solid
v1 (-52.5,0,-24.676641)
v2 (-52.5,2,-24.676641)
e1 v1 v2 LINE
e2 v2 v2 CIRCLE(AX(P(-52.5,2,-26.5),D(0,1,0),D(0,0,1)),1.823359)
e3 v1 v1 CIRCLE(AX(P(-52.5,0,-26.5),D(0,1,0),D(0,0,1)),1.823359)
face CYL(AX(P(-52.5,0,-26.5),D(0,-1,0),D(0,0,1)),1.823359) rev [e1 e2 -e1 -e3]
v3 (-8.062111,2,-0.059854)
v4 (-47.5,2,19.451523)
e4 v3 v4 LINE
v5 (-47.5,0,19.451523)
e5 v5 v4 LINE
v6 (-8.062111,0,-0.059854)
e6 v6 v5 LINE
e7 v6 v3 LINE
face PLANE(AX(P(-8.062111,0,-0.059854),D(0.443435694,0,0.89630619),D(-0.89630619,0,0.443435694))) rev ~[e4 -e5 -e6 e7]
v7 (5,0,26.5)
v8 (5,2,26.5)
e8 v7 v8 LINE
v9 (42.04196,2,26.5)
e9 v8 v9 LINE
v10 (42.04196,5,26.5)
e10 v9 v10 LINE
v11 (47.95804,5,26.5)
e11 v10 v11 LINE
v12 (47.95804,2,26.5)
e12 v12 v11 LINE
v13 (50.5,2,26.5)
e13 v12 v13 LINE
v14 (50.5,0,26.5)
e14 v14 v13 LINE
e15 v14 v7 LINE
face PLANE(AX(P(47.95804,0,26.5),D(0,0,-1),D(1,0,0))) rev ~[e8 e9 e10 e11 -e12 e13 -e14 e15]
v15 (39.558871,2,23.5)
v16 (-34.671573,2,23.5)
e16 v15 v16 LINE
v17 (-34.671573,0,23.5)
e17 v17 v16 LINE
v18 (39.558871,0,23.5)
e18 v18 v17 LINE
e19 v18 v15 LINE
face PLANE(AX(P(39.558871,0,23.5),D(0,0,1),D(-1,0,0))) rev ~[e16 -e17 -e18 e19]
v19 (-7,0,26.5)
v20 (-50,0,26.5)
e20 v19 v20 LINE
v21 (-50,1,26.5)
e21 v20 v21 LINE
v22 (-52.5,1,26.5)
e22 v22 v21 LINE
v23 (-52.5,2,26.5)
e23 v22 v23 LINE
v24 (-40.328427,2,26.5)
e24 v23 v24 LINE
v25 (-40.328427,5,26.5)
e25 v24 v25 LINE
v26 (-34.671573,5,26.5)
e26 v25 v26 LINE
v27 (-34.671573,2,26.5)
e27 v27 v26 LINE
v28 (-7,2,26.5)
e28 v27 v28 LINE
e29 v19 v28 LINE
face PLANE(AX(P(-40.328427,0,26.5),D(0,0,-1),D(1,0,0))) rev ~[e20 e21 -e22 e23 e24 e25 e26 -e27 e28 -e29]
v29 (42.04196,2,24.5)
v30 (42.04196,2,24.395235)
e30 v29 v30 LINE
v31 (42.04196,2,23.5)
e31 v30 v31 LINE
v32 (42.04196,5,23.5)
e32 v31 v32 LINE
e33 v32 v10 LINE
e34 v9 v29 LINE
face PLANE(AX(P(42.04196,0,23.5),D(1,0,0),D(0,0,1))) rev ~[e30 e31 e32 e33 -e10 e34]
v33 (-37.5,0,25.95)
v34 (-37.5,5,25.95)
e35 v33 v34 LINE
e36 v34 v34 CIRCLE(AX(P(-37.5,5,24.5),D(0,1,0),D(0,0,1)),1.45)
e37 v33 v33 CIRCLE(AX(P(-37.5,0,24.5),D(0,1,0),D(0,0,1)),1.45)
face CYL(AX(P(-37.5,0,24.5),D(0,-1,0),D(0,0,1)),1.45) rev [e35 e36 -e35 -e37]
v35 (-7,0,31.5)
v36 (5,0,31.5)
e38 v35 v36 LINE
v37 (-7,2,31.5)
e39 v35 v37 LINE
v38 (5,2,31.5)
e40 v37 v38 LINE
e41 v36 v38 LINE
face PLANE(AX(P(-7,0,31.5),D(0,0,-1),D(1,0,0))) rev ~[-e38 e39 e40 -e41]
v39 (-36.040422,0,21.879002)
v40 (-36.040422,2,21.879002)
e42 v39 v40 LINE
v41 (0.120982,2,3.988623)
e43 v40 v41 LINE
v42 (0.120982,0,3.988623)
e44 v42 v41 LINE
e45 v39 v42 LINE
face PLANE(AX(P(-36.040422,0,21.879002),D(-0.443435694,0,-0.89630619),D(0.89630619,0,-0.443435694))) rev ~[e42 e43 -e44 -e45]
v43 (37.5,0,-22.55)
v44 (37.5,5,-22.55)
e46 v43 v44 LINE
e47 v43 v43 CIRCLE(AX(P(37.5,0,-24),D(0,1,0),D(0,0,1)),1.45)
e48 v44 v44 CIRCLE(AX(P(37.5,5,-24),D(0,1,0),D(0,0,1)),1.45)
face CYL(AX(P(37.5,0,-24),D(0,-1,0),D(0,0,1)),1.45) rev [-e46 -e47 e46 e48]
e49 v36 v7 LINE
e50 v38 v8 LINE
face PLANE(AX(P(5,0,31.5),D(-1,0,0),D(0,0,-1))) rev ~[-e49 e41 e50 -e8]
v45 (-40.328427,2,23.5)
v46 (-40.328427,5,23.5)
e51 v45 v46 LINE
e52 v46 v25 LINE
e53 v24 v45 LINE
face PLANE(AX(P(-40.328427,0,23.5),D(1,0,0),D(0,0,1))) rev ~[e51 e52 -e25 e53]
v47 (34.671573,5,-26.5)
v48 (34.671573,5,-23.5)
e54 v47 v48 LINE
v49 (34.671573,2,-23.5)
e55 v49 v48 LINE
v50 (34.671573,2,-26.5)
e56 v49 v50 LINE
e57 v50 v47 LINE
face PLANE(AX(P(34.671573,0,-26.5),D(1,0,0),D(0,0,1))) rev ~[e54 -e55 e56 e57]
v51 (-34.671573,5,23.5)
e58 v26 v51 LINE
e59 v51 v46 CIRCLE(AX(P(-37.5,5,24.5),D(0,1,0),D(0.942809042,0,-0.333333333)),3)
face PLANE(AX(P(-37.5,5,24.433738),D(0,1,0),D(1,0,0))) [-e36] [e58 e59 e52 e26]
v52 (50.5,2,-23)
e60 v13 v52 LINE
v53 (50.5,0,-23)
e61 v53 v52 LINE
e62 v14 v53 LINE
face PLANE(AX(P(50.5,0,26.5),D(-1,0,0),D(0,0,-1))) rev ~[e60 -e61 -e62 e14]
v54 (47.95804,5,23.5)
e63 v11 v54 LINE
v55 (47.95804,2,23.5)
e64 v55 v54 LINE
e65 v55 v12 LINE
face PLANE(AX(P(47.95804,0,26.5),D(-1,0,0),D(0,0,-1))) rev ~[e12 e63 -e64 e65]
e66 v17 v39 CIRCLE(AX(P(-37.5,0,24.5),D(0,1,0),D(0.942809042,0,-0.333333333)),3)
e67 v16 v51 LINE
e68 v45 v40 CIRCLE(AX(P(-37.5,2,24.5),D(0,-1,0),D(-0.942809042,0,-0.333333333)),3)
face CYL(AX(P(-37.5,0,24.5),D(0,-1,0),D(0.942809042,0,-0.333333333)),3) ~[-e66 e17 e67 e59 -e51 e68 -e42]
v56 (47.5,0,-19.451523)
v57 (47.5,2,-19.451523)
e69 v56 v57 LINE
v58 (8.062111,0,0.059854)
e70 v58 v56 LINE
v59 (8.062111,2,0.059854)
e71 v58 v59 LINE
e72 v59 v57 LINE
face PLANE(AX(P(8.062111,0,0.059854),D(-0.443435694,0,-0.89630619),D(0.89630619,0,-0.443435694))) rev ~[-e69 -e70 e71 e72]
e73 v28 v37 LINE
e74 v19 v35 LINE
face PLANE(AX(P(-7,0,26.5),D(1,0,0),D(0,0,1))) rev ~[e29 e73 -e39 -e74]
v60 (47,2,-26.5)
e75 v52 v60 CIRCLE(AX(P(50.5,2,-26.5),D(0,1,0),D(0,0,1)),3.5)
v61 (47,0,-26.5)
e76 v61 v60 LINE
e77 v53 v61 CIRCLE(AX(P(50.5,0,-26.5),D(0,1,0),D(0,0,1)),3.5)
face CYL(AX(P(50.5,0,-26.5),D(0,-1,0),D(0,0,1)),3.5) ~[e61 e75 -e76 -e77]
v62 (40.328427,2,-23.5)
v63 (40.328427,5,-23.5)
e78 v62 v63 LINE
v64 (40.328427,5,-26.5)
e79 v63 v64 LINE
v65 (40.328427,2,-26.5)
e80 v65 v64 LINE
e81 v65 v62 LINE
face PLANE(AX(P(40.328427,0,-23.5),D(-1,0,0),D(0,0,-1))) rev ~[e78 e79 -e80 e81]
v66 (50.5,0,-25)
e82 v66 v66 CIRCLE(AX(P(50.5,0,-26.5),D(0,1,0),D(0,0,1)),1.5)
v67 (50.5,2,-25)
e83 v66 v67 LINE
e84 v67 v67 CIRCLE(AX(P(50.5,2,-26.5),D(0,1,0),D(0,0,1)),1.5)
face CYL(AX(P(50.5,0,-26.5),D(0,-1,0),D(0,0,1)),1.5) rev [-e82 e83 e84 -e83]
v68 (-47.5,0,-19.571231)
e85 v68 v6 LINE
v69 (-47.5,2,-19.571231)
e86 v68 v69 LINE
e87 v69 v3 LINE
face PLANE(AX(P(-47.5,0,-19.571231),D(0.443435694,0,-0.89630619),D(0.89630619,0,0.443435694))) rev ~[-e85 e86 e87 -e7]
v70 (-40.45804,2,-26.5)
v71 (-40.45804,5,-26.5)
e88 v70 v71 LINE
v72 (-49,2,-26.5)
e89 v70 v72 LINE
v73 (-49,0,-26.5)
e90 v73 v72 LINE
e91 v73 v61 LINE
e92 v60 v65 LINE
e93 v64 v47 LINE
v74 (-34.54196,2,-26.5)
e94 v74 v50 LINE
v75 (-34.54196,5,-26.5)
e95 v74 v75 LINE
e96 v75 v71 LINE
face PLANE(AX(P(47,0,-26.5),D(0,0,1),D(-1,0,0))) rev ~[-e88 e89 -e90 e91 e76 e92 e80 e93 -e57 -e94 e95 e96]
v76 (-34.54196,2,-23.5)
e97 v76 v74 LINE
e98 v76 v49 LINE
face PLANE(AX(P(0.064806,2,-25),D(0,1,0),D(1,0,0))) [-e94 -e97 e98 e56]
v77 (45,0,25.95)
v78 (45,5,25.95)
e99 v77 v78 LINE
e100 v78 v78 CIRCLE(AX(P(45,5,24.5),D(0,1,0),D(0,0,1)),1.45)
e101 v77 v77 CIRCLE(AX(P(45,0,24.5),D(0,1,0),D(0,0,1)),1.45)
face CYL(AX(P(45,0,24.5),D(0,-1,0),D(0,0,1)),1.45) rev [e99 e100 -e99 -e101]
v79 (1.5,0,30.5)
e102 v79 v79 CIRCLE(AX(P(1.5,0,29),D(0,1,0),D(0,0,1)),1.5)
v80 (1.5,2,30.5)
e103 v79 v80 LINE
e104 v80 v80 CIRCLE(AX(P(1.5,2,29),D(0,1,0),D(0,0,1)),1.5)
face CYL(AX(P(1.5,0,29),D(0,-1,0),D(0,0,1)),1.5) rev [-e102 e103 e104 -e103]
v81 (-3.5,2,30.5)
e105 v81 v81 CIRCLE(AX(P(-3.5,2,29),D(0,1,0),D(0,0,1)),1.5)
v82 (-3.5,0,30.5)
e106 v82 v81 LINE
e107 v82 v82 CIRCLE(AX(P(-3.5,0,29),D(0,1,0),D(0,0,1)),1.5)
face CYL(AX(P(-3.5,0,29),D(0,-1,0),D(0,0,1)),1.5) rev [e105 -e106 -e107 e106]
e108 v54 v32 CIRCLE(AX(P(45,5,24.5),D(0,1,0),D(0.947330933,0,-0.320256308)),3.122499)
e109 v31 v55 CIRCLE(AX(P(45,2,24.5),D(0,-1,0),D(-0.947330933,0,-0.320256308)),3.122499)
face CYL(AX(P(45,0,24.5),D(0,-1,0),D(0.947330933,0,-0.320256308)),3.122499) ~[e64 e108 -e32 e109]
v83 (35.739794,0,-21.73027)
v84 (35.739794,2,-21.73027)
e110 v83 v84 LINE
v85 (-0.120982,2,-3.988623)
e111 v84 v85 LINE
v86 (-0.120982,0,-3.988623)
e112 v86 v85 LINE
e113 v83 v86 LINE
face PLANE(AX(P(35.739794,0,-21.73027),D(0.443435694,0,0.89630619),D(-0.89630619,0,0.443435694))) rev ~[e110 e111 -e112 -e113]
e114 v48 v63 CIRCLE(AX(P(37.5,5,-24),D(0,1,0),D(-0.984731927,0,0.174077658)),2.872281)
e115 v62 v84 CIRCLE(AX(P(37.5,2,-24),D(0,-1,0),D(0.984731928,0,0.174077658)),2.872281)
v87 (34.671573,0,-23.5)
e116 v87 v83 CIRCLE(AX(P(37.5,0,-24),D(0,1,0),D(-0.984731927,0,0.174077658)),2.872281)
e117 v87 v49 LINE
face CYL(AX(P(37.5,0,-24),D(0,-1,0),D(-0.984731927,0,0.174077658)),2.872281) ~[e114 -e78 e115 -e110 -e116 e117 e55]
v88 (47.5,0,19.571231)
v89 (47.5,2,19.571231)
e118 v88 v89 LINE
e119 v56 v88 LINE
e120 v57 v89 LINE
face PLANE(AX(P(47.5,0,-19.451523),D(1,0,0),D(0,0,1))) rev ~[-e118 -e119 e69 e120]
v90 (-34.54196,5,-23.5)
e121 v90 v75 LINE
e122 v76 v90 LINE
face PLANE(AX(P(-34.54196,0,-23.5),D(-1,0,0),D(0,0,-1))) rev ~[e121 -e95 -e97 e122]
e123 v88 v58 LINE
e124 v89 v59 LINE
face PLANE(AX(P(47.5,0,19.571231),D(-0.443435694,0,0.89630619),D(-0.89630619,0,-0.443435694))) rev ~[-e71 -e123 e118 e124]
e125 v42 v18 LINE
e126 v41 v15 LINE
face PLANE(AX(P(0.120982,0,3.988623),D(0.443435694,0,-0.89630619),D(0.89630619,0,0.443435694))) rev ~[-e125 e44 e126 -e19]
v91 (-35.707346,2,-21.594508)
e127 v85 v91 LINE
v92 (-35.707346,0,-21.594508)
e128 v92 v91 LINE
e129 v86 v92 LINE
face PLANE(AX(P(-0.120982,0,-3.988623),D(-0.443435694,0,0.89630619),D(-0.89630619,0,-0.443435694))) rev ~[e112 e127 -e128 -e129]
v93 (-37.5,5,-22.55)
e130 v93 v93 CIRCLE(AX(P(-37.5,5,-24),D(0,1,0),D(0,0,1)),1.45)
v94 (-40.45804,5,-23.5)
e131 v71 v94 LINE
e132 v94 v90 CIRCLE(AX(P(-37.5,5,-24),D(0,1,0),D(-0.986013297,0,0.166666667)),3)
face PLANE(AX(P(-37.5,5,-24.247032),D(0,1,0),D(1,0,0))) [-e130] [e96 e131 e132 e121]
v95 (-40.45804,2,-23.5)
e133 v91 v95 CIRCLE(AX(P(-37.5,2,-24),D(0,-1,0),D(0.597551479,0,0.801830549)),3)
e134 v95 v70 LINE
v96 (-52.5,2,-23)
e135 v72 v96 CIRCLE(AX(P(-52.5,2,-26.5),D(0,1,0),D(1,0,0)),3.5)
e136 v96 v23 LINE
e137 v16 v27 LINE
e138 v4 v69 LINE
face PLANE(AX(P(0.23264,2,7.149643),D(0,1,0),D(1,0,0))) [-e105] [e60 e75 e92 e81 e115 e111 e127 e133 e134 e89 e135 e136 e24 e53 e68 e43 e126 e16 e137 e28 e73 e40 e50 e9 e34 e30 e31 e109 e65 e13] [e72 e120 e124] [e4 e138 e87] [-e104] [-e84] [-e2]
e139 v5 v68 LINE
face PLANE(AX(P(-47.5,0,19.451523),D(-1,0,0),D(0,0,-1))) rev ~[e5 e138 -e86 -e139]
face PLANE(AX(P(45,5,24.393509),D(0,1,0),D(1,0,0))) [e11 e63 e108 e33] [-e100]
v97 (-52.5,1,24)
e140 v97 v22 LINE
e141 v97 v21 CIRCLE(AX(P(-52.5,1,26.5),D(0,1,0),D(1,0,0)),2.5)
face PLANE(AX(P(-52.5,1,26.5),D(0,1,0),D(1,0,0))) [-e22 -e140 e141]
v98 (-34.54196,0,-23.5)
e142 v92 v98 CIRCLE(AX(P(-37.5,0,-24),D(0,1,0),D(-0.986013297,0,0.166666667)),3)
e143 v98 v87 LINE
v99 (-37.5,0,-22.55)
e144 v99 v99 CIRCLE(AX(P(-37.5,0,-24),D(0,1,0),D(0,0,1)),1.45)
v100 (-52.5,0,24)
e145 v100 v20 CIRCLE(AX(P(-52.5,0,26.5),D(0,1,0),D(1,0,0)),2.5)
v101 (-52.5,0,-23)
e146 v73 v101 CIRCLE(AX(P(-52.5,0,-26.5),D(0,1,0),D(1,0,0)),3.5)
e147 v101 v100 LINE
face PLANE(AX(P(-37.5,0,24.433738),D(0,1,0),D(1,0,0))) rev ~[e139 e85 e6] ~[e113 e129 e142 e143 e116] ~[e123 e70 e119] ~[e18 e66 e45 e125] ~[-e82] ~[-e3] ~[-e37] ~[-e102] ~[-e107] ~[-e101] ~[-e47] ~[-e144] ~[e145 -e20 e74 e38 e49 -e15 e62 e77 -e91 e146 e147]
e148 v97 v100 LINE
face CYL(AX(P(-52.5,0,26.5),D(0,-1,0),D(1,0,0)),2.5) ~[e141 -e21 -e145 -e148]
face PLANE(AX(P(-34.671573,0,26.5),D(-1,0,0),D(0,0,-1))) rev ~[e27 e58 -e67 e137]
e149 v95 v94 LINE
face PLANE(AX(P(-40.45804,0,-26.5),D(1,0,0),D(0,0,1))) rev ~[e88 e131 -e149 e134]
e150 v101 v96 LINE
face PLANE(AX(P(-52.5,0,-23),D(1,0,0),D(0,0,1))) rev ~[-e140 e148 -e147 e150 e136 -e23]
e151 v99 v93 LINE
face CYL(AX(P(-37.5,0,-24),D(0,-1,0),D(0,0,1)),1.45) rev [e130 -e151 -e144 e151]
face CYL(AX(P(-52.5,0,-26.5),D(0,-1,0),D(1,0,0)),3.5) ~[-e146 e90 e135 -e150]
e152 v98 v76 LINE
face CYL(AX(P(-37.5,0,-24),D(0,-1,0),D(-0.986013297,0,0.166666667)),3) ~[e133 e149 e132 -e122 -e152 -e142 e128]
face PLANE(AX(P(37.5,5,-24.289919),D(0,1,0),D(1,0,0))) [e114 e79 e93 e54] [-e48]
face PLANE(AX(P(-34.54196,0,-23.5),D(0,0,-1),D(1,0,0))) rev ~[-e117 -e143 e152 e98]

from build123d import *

# Parameters (mm, degrees)
SKETCH1_R             = 1.5
SKETCH1_R_2           = 1.823358757
BOSS_EXTRUDE1_DEPTH   = 2
SKETCH1_W             = 69.213532985
SKETCH1_H             = 3
BOSS_EXTRUDE1_2_DEPTH = 2
SKETCH2_R             = 1.45
SKETCH2_R_2           = 1.449999997
BOSS_EXTRUDE2_DEPTH   = 5
SKETCH3_R             = 2.5
BOSS_EXTRUDE3_DEPTH   = 1


with BuildPart() as part:
    # Sketch1 → Boss-Extrude1 (new body)
    with BuildSketch(Plane(origin=(0, 0, 0), x_dir=(1, 0, 0), z_dir=(0, 1, 0))):
        with BuildLine():
            Line((40.328427125, 26.5), (40.328427125, 23.5))
            ThreePointArc((40.328427125, 23.5), (38.533566599, 21.320123126), (35.739793711, 21.730270106))
            Line((35.739793711, 21.730270106), (-0.120981949, 3.988623195))
            Line((-0.120981949, 3.988623195), (-35.707345562, 21.594508352))
            ThreePointArc((-35.707345562, 21.594508352), (-38.6168059, 21.215624921), (-40.458039892, 23.5))
            Line((-40.458039892, 23.5), (-40.458039892, 26.5))
            Line((-40.458039892, 26.5), (-49, 26.5))
            ThreePointArc((-49, 26.5), (-54.974873735, 28.974873735), (-52.5, 23))
            Line((-52.5, 23), (-52.5, 0))
            Line((-52.5, 0), (-52.5, -26.5))
            Line((-52.5, -26.5), (-40.328427125, -26.5))
            Line((-40.328427125, -26.5), (-40.328427125, -23.5))
            ThreePointArc((-40.328427125, -23.5), (-38.560823049, -21.693818527), (-36.040421728, -21.879001857))
            Line((-36.040421728, -21.879001857), (0.120981949, -3.988623195))
            Line((0.120981949, -3.988623195), (39.558871233, -23.5))
            Line((39.558871233, -23.5), (-34.671572875, -23.5))
            Line((-34.671572875, -23.5), (-34.671572875, -26.5))
            Line((-34.671572875, -26.5), (-7, -26.5))
            Line((-7, -26.5), (-7, -31.5))
            Line((-7, -31.5), (5, -31.5))
            Line((5, -31.5), (5, -26.5))
            Line((5, -26.5), (42.041960109, -26.5))
            Line((42.041960109, -26.5), (42.041960109, -24.5))
            Line((42.041960109, -24.5), (42.041960108, -24.395234694))
            Line((42.041960109, -24.395234694), (42.041960109, -23.5))
            ThreePointArc((42.041960109, -23.5), (45, -21.377501001), (47.958039892, -23.5))
            Line((47.958039892, -23.5), (47.958039892, -26.5))
            Line((47.958039892, -26.5), (50.5, -26.5))
            Line((50.5, -26.5), (50.5, -25.302775638))
            Line((50.5, -25.302775638), (50.5, 22.341687605))
            Line((50.5, 22.341687605), (50.5, 23))
            ThreePointArc((50.5, 23), (52.974873734, 28.974873734), (47, 26.5))
            Line((47, 26.5), (40.328427125, 26.5))
        make_face()
        Polygon((8.062110713, -0.059854228), (47.5, 19.451522577), (47.5, -19.571231035), (42.041960107, -16.870937614), align=None, mode=Mode.SUBTRACT)
        with Locations(Location((-3.5, -29, 0), (0, 0, 270))):
            Circle(SKETCH1_R, mode=Mode.SUBTRACT)
        with Locations(Location((1.5, -29, 0), (0, 0, 270))):
            Circle(SKETCH1_R, mode=Mode.SUBTRACT)
        Polygon((-8.062110713, 0.059854228), (-47.5, -19.451522577), (-47.5, 19.571231035), align=None, mode=Mode.SUBTRACT)
        with Locations(Location((-52.5, 26.5, 0), (0, 0, 270))):
            Circle(SKETCH1_R_2, mode=Mode.SUBTRACT)
        with Locations(Location((50.5, 26.5, 0), (0, 0, 270))):
            Circle(SKETCH1_R, mode=Mode.SUBTRACT)
    extrude(amount=BOSS_EXTRUDE1_DEPTH)



with BuildPart() as body_2:
    # Sketch1 → Boss-Extrude1 2 (new body)
    with BuildSketch(Plane(origin=(0, 0, 0), x_dir=(1, 0, 0), z_dir=(0, 1, 0))):
        with Locations((0.064806384, 25)):
            Rectangle(SKETCH1_W, SKETCH1_H)
    extrude(amount=BOSS_EXTRUDE1_2_DEPTH)


with BuildPart() as part_1:
    add(part.part)

    add(body_2.part)  # Boss-Extrude2 merges body 2
    # Sketch2 → Boss-Extrude2 (add)
    # profile 1 of 4: a face of its own
    with BuildSketch(Plane(origin=(0, 0, 0), x_dir=(1, 0, 0), z_dir=(0, 1, 0))):
        with BuildLine():
            ThreePointArc((-34.671572875, -23.5), (-37.5, -21.5), (-40.328427125, -23.5))
            Line((-40.328427125, -23.5), (-40.328427125, -26.5))
            Line((-40.328427125, -26.5), (-34.671572875, -26.5))
            Line((-34.671572875, -26.5), (-34.671572875, -23.5))
        make_face()
        with Locations(Location((-37.5, -24.5, 0), (0, 0, 270))):
            Circle(SKETCH2_R, mode=Mode.SUBTRACT)
    # profile 2 of 4: a face of its own
    with BuildSketch(Plane(origin=(0, 0, 0), x_dir=(1, 0, 0), z_dir=(0, 1, 0))):
        with BuildLine():
            Line((-40.458039892, 26.5), (-40.458039892, 23.5))
            ThreePointArc((-40.458039892, 23.5), (-37.5, 21), (-34.541960108, 23.5))
            Line((-34.541960108, 23.5), (-34.541960108, 26.5))
            Line((-34.541960108, 26.5), (-40.458039892, 26.5))
        make_face()
        with Locations(Location((-37.5, 24, 0), (0, 0, 270))):
            Circle(SKETCH2_R, mode=Mode.SUBTRACT)
    # profile 3 of 4: a face of its own
    with BuildSketch(Plane(origin=(0, 0, 0), x_dir=(1, 0, 0), z_dir=(0, 1, 0))):
        with BuildLine():
            ThreePointArc((47.958039892, -23.5), (45, -21.377501001), (42.041960109, -23.5))
            Line((42.041960109, -23.5), (42.041960109, -26.5))
            Line((42.041960109, -26.5), (47.397915762, -26.5))
            Line((47.397915762, -26.5), (47.958039892, -26.5))
            Line((47.958039892, -26.5), (47.958039892, -23.5))
        make_face()
        with Locations(Location((45, -24.5, 0), (0, 0, 270))):
            Circle(SKETCH2_R, mode=Mode.SUBTRACT)
    # profile 4 of 4: a face of its own
    with BuildSketch(Plane(origin=(0, 0, 0), x_dir=(1, 0, 0), z_dir=(0, 1, 0))):
        with BuildLine():
            Line((40.328427125, 26.5), (34.671572877, 26.5))
            Line((34.671572877, 26.5), (34.671572877, 23.5))
            ThreePointArc((34.671572877, 23.5), (37.500000001, 21.127718682), (40.328427125, 23.5))
            Line((40.328427125, 23.5), (40.328427125, 24))
            Line((40.328427125, 24), (40.328427125, 26.5))
        make_face()
        with Locations(Location((37.500000001, 24.000000006, 0), (0, 0, 270))):
            Circle(SKETCH2_R_2, mode=Mode.SUBTRACT)
    extrude(amount=BOSS_EXTRUDE2_DEPTH)

    # Sketch3 → Boss-Extrude3 (add)
    with BuildSketch(Plane(origin=(0, 0, 0), x_dir=(1, 0, 0), z_dir=(0, 1, 0))):
        with Locations((-52.5, -26.5)):
            Circle(SKETCH3_R)
    extrude(amount=BOSS_EXTRUDE3_DEPTH)


solid = part_1.part
